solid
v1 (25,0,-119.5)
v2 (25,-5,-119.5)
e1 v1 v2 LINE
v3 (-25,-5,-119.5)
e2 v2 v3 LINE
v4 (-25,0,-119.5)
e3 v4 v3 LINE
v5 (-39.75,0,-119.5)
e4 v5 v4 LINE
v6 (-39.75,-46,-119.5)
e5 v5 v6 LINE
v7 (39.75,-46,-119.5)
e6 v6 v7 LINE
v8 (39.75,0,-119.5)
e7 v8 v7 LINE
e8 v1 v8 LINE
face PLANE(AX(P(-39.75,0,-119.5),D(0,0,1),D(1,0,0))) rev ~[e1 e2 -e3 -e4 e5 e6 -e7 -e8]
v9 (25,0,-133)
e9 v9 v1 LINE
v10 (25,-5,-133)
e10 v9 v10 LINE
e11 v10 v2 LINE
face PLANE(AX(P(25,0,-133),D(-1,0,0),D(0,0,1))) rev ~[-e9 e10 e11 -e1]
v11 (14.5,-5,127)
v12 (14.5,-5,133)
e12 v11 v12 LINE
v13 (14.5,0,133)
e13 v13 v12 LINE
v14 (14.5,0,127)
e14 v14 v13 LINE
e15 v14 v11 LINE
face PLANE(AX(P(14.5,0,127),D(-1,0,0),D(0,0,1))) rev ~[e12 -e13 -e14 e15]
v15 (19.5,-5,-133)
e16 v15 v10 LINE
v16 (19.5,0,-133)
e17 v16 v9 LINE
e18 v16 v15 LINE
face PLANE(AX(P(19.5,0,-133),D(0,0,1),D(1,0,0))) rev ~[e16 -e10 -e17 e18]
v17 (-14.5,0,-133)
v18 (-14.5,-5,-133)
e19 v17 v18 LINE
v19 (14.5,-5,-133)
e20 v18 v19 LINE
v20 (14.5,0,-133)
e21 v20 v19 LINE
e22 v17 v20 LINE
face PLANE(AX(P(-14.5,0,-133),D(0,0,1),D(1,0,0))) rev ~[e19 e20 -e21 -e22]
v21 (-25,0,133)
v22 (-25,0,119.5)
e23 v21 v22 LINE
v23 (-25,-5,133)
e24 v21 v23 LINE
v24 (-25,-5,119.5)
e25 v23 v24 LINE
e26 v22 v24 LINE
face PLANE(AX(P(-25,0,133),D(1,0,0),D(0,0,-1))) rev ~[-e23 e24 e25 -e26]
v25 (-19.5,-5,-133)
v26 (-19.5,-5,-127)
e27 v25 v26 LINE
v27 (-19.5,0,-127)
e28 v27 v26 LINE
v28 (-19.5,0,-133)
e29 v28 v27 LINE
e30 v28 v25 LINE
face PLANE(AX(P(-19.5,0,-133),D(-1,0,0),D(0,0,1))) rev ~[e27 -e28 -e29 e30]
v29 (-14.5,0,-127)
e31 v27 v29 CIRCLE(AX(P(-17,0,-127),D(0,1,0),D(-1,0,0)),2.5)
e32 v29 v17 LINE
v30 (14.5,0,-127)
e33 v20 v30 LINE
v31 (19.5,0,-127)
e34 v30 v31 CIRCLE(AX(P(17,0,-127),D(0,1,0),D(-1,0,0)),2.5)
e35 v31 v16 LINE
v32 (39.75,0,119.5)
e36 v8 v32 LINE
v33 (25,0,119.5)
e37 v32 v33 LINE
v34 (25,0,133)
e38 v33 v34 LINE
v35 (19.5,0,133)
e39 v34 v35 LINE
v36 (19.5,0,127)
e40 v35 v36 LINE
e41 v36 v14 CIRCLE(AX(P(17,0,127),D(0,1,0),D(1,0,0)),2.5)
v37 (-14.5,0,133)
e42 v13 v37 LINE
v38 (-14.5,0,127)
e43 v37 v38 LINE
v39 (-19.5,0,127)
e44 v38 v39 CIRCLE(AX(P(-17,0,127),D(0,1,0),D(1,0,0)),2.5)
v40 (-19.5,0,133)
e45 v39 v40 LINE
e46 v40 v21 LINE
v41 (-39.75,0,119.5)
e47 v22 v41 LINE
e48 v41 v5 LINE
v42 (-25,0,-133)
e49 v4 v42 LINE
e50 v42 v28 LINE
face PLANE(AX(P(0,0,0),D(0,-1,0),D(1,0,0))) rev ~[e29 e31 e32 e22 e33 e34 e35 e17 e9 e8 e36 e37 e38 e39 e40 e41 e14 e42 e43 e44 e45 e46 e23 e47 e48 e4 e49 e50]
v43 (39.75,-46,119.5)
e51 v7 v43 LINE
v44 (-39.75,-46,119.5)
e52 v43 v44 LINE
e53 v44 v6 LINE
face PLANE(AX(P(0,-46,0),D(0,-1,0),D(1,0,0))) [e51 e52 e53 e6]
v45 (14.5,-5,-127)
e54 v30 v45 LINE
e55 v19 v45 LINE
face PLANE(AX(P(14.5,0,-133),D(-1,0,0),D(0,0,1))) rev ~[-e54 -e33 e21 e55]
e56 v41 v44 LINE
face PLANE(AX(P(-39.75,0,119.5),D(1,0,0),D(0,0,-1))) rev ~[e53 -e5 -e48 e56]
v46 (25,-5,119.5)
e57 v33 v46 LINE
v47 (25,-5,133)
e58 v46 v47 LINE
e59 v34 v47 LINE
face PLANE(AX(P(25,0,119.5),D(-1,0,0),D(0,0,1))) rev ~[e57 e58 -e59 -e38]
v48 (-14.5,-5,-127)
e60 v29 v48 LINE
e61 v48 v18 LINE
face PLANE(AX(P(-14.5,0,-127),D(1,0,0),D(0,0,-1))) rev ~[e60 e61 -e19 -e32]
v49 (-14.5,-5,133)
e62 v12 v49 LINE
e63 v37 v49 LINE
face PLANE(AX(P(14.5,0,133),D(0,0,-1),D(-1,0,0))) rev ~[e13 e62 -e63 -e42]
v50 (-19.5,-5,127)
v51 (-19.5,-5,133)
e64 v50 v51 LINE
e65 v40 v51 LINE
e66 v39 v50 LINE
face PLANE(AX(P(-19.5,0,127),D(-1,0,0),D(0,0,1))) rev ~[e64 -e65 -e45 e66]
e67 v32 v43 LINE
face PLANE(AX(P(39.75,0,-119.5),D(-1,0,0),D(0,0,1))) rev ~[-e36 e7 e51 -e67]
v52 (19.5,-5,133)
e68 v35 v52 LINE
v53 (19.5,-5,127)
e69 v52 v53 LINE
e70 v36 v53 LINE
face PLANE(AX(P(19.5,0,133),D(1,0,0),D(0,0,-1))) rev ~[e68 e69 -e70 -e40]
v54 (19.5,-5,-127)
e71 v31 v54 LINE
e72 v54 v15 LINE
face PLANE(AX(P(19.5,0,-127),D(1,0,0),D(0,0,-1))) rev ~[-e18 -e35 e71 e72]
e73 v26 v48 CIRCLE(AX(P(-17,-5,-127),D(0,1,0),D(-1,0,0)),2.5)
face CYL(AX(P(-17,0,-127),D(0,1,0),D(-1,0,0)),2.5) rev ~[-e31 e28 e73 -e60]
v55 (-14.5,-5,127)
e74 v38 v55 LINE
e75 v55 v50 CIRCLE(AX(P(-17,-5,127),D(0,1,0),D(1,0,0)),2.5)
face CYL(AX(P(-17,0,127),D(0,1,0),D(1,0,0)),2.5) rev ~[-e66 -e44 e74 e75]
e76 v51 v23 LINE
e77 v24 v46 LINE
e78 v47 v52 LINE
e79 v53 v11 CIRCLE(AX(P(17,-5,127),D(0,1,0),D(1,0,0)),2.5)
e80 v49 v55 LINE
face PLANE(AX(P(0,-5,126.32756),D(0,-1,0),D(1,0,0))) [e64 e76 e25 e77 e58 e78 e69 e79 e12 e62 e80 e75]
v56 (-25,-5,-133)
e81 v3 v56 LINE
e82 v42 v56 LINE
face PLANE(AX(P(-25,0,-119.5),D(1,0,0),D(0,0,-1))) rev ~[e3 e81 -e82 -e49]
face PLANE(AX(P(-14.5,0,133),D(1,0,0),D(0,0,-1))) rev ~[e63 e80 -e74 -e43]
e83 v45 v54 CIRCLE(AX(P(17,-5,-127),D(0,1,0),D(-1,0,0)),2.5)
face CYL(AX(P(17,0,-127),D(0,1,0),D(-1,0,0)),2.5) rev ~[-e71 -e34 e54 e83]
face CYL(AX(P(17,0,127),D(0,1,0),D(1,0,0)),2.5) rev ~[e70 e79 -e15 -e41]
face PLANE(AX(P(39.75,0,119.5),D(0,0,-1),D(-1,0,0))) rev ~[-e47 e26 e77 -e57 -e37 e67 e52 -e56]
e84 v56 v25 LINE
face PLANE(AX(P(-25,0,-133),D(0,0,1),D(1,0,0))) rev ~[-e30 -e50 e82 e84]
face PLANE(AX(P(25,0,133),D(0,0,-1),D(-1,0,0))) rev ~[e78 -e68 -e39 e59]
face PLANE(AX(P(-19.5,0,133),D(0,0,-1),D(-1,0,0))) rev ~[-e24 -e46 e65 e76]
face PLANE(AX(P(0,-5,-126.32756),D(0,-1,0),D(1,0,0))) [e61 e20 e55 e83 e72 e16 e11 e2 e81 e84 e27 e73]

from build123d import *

# Parameters (mm, degrees)
F1_DEPTH = 5
F2_DEPTH = 46


with BuildPart() as f1:
    # F0 (on Front) → F1 (new body)
    with BuildSketch(Plane.XZ):
        with BuildLine():
            Line((0, 119.5), (25, 119.5))
            Line((25, 119.5), (25, 133))
            Line((25, 133), (19.5, 133))
            Line((19.5, 133), (19.5, 127))
            ThreePointArc((19.5, 127), (17, 124.5), (14.5, 127))
            Line((14.5, 127), (14.5, 133))
            Line((14.5, 133), (0, 133))
            Line((0, 133), (-14.5, 133))
            Line((-14.5, 133), (-14.5, 127))
            ThreePointArc((-14.5, 127), (-17, 124.5), (-19.5, 127))
            Line((-19.5, 127), (-19.5, 133))
            Line((-19.5, 133), (-25, 133))
            Line((-25, 133), (-25, 119.5))
            Line((-25, 119.5), (0, 119.5))
        make_face()
    extrude(amount=F1_DEPTH)



with BuildPart() as f1b:
    # F0 (on Front) → F1, piece 2 (new body)
    with BuildSketch(Plane.XZ):
        with BuildLine():
            Line((25, -133), (25, -119.5))
            Line((25, -119.5), (0, -119.5))
            Line((0, -119.5), (-25, -119.5))
            Line((-25, -119.5), (-25, -133))
            Line((-25, -133), (-19.5, -133))
            Line((-19.5, -133), (-19.5, -127))
            ThreePointArc((-19.5, -127), (-17, -124.5), (-14.5, -127))
            Line((-14.5, -127), (-14.5, -133))
            Line((-14.5, -133), (0, -133))
            Line((0, -133), (14.5, -133))
            Line((14.5, -133), (14.5, -127))
            ThreePointArc((14.5, -127), (17, -124.5), (19.5, -127))
            Line((19.5, -127), (19.5, -133))
            Line((19.5, -133), (25, -133))
        make_face()
    extrude(amount=F1_DEPTH)


with BuildPart() as f1_1:
    add(f1.part)

    add(f1b.part)  # F2 merges F1b
    # F0 (on Front) → F2 (join)
    with BuildSketch(Plane.XZ):
        Polygon((39.75, -119.5), (39.75, 0), (39.75, 119.5), (25, 119.5), (0, 119.5), (-25, 119.5), (-39.75, 119.5), (-39.75, 0), (-39.75, -119.5), (-25, -119.5), (0, -119.5), (25, -119.5), align=None)
    extrude(amount=F2_DEPTH)


solid = f1_1.part
